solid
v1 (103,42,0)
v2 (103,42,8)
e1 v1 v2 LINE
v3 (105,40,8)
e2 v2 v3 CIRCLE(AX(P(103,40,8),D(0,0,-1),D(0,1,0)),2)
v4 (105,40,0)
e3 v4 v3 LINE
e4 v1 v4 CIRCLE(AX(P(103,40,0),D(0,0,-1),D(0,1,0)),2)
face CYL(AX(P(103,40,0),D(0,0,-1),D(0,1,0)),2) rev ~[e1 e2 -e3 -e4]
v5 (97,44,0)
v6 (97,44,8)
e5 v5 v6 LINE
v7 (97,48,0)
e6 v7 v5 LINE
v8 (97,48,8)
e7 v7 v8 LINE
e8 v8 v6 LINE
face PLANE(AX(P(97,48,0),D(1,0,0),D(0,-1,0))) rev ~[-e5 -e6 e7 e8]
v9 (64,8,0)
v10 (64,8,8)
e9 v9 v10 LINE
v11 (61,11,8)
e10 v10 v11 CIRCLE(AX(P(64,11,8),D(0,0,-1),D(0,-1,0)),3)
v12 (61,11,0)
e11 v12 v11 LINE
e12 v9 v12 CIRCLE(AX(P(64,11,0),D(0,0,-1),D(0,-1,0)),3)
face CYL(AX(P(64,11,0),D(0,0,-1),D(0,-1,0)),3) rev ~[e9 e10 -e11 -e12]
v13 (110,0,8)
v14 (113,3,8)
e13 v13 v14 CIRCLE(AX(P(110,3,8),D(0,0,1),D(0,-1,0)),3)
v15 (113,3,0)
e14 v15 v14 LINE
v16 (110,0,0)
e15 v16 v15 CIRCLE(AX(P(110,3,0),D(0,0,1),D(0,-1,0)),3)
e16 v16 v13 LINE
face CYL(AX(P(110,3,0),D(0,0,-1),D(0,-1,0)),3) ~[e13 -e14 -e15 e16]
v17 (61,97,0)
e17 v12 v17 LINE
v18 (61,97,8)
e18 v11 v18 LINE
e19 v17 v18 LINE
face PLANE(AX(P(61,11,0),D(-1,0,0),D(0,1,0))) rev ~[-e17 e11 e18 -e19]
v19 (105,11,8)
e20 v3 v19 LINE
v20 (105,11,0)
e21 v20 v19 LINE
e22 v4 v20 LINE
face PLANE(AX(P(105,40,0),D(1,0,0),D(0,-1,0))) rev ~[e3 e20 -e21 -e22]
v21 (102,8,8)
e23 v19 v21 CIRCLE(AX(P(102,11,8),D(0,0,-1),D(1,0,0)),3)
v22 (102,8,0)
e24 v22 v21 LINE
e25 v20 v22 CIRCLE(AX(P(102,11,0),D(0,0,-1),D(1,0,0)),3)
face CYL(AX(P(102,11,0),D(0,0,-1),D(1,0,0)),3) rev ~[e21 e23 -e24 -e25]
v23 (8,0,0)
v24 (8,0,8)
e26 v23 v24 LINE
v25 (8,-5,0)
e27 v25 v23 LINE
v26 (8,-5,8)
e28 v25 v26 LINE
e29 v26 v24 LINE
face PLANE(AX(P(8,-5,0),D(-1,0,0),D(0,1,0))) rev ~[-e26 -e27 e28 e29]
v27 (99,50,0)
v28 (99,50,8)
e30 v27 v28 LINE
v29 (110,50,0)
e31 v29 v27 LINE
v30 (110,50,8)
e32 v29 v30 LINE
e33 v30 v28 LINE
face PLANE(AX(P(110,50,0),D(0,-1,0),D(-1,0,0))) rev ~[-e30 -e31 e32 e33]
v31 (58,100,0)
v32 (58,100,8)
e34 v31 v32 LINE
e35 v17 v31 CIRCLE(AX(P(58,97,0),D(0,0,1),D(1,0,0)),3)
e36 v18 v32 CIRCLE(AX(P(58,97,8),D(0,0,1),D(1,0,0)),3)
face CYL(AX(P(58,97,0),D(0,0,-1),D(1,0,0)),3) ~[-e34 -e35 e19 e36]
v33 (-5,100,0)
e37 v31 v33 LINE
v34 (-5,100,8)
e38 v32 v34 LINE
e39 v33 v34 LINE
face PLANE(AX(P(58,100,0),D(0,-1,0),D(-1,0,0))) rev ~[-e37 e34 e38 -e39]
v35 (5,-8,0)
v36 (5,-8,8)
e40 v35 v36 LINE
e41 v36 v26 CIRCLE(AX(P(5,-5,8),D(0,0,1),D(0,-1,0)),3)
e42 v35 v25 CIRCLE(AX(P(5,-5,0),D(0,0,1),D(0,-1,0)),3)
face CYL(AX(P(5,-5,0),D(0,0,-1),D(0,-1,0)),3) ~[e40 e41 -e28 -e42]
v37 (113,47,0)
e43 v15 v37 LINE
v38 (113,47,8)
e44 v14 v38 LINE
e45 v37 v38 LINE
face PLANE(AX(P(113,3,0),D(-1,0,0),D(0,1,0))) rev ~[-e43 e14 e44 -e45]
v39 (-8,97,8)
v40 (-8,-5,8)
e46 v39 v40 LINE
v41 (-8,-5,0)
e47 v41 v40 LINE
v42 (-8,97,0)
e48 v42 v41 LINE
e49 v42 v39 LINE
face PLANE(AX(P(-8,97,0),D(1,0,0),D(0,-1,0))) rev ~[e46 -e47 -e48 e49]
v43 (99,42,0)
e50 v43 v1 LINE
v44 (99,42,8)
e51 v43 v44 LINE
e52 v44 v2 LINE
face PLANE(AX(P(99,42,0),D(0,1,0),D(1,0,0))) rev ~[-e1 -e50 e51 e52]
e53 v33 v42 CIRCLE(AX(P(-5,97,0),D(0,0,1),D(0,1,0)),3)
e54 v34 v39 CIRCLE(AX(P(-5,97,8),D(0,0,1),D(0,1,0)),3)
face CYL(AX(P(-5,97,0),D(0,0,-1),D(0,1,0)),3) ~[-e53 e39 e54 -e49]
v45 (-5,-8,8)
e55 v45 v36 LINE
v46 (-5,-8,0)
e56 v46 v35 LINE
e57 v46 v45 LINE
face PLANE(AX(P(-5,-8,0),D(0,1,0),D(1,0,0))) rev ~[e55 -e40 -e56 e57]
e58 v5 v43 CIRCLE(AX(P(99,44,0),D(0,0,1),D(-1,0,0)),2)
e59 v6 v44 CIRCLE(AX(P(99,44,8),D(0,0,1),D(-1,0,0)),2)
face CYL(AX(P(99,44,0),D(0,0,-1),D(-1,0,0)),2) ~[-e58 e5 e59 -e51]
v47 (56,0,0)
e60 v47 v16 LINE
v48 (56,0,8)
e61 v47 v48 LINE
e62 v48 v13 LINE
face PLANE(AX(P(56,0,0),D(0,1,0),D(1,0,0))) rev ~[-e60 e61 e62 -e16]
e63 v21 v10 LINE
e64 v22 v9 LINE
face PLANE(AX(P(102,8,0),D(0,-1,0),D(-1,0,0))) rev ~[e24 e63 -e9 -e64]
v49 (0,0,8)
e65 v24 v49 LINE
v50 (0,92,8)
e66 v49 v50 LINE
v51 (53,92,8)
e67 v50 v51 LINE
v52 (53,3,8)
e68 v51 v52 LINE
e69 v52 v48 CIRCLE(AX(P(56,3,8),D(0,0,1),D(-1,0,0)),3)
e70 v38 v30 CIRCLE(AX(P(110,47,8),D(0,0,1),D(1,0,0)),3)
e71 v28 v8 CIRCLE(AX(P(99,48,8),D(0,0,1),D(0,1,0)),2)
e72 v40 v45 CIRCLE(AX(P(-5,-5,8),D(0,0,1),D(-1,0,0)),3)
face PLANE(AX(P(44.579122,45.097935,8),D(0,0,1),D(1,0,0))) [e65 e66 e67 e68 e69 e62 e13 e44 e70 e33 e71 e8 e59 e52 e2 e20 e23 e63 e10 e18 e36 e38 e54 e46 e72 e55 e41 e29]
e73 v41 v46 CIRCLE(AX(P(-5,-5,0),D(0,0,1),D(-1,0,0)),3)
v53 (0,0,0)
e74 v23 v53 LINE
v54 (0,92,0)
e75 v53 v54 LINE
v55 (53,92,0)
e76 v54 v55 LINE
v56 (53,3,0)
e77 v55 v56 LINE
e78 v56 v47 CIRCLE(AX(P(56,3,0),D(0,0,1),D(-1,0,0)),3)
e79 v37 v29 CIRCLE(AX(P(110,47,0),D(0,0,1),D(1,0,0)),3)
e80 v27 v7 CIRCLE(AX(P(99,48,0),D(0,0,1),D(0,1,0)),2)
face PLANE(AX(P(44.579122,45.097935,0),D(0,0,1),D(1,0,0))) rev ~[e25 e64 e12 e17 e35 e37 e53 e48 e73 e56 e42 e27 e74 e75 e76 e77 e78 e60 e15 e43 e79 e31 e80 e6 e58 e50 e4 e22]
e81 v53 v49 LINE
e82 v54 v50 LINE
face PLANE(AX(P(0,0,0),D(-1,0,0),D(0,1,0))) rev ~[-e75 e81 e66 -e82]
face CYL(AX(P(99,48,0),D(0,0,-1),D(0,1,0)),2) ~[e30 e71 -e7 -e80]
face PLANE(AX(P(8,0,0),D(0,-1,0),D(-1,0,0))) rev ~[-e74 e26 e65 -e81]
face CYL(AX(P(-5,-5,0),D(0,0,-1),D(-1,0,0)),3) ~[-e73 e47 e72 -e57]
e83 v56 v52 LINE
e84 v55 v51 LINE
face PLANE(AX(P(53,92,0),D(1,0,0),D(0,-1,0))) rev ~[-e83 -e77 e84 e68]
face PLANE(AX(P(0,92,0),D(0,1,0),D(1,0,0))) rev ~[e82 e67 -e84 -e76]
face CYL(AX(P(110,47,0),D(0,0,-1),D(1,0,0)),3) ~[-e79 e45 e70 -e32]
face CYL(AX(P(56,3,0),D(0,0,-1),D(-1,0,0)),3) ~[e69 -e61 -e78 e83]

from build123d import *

# Parameters (mm, degrees)
F2_DEPTH = 8


with BuildPart() as f2:
    # F1 (on Top) → F2 (new body)
    with BuildSketch(Plane.XY):
        with BuildLine():
            Line((8, 0), (0, 0))
            Line((0, 0), (0, 92))
            Line((0, 92), (53, 92))
            Line((53, 92), (53, 3))
            ThreePointArc((53, 3), (53.8786796564, 0.8786796564), (56, 0))
            Line((56, 0), (110, 0))
            ThreePointArc((110, 0), (112.1213203436, 0.8786796564), (113, 3))
            Line((113, 3), (113, 47))
            ThreePointArc((113, 47), (112.1213203436, 49.1213203436), (110, 50))
            Line((110, 50), (105, 50))
            Line((105, 50), (99, 50))
            ThreePointArc((99, 50), (97.5857864376, 49.4142135624), (97, 48))
            Line((97, 48), (97, 44))
            ThreePointArc((97, 44), (97.5857864376, 42.5857864376), (99, 42))
            Line((99, 42), (103, 42))
            ThreePointArc((103, 42), (104.4142135624, 41.4142135624), (105, 40))
            Line((105, 40), (105, 11))
            ThreePointArc((105, 11), (104.1213203436, 8.8786796564), (102, 8))
            Line((102, 8), (64, 8))
            ThreePointArc((64, 8), (61.8786796564, 8.8786796564), (61, 11))
            Line((61, 11), (61, 97))
            ThreePointArc((61, 97), (60.1213203436, 99.1213203436), (58, 100))
            Line((58, 100), (-5, 100))
            ThreePointArc((-5, 100), (-7.1213203436, 99.1213203436), (-8, 97))
            Line((-8, 97), (-8, 0))
            Line((-8, 0), (-8, -5))
            ThreePointArc((-8, -5), (-7.1213203436, -7.1213203436), (-5, -8))
            Line((-5, -8), (5, -8))
            ThreePointArc((5, -8), (7.1213203436, -7.1213203436), (8, -5))
            Line((8, -5), (8, 0))
        make_face()
    extrude(amount=F2_DEPTH)


solid = f2.part
